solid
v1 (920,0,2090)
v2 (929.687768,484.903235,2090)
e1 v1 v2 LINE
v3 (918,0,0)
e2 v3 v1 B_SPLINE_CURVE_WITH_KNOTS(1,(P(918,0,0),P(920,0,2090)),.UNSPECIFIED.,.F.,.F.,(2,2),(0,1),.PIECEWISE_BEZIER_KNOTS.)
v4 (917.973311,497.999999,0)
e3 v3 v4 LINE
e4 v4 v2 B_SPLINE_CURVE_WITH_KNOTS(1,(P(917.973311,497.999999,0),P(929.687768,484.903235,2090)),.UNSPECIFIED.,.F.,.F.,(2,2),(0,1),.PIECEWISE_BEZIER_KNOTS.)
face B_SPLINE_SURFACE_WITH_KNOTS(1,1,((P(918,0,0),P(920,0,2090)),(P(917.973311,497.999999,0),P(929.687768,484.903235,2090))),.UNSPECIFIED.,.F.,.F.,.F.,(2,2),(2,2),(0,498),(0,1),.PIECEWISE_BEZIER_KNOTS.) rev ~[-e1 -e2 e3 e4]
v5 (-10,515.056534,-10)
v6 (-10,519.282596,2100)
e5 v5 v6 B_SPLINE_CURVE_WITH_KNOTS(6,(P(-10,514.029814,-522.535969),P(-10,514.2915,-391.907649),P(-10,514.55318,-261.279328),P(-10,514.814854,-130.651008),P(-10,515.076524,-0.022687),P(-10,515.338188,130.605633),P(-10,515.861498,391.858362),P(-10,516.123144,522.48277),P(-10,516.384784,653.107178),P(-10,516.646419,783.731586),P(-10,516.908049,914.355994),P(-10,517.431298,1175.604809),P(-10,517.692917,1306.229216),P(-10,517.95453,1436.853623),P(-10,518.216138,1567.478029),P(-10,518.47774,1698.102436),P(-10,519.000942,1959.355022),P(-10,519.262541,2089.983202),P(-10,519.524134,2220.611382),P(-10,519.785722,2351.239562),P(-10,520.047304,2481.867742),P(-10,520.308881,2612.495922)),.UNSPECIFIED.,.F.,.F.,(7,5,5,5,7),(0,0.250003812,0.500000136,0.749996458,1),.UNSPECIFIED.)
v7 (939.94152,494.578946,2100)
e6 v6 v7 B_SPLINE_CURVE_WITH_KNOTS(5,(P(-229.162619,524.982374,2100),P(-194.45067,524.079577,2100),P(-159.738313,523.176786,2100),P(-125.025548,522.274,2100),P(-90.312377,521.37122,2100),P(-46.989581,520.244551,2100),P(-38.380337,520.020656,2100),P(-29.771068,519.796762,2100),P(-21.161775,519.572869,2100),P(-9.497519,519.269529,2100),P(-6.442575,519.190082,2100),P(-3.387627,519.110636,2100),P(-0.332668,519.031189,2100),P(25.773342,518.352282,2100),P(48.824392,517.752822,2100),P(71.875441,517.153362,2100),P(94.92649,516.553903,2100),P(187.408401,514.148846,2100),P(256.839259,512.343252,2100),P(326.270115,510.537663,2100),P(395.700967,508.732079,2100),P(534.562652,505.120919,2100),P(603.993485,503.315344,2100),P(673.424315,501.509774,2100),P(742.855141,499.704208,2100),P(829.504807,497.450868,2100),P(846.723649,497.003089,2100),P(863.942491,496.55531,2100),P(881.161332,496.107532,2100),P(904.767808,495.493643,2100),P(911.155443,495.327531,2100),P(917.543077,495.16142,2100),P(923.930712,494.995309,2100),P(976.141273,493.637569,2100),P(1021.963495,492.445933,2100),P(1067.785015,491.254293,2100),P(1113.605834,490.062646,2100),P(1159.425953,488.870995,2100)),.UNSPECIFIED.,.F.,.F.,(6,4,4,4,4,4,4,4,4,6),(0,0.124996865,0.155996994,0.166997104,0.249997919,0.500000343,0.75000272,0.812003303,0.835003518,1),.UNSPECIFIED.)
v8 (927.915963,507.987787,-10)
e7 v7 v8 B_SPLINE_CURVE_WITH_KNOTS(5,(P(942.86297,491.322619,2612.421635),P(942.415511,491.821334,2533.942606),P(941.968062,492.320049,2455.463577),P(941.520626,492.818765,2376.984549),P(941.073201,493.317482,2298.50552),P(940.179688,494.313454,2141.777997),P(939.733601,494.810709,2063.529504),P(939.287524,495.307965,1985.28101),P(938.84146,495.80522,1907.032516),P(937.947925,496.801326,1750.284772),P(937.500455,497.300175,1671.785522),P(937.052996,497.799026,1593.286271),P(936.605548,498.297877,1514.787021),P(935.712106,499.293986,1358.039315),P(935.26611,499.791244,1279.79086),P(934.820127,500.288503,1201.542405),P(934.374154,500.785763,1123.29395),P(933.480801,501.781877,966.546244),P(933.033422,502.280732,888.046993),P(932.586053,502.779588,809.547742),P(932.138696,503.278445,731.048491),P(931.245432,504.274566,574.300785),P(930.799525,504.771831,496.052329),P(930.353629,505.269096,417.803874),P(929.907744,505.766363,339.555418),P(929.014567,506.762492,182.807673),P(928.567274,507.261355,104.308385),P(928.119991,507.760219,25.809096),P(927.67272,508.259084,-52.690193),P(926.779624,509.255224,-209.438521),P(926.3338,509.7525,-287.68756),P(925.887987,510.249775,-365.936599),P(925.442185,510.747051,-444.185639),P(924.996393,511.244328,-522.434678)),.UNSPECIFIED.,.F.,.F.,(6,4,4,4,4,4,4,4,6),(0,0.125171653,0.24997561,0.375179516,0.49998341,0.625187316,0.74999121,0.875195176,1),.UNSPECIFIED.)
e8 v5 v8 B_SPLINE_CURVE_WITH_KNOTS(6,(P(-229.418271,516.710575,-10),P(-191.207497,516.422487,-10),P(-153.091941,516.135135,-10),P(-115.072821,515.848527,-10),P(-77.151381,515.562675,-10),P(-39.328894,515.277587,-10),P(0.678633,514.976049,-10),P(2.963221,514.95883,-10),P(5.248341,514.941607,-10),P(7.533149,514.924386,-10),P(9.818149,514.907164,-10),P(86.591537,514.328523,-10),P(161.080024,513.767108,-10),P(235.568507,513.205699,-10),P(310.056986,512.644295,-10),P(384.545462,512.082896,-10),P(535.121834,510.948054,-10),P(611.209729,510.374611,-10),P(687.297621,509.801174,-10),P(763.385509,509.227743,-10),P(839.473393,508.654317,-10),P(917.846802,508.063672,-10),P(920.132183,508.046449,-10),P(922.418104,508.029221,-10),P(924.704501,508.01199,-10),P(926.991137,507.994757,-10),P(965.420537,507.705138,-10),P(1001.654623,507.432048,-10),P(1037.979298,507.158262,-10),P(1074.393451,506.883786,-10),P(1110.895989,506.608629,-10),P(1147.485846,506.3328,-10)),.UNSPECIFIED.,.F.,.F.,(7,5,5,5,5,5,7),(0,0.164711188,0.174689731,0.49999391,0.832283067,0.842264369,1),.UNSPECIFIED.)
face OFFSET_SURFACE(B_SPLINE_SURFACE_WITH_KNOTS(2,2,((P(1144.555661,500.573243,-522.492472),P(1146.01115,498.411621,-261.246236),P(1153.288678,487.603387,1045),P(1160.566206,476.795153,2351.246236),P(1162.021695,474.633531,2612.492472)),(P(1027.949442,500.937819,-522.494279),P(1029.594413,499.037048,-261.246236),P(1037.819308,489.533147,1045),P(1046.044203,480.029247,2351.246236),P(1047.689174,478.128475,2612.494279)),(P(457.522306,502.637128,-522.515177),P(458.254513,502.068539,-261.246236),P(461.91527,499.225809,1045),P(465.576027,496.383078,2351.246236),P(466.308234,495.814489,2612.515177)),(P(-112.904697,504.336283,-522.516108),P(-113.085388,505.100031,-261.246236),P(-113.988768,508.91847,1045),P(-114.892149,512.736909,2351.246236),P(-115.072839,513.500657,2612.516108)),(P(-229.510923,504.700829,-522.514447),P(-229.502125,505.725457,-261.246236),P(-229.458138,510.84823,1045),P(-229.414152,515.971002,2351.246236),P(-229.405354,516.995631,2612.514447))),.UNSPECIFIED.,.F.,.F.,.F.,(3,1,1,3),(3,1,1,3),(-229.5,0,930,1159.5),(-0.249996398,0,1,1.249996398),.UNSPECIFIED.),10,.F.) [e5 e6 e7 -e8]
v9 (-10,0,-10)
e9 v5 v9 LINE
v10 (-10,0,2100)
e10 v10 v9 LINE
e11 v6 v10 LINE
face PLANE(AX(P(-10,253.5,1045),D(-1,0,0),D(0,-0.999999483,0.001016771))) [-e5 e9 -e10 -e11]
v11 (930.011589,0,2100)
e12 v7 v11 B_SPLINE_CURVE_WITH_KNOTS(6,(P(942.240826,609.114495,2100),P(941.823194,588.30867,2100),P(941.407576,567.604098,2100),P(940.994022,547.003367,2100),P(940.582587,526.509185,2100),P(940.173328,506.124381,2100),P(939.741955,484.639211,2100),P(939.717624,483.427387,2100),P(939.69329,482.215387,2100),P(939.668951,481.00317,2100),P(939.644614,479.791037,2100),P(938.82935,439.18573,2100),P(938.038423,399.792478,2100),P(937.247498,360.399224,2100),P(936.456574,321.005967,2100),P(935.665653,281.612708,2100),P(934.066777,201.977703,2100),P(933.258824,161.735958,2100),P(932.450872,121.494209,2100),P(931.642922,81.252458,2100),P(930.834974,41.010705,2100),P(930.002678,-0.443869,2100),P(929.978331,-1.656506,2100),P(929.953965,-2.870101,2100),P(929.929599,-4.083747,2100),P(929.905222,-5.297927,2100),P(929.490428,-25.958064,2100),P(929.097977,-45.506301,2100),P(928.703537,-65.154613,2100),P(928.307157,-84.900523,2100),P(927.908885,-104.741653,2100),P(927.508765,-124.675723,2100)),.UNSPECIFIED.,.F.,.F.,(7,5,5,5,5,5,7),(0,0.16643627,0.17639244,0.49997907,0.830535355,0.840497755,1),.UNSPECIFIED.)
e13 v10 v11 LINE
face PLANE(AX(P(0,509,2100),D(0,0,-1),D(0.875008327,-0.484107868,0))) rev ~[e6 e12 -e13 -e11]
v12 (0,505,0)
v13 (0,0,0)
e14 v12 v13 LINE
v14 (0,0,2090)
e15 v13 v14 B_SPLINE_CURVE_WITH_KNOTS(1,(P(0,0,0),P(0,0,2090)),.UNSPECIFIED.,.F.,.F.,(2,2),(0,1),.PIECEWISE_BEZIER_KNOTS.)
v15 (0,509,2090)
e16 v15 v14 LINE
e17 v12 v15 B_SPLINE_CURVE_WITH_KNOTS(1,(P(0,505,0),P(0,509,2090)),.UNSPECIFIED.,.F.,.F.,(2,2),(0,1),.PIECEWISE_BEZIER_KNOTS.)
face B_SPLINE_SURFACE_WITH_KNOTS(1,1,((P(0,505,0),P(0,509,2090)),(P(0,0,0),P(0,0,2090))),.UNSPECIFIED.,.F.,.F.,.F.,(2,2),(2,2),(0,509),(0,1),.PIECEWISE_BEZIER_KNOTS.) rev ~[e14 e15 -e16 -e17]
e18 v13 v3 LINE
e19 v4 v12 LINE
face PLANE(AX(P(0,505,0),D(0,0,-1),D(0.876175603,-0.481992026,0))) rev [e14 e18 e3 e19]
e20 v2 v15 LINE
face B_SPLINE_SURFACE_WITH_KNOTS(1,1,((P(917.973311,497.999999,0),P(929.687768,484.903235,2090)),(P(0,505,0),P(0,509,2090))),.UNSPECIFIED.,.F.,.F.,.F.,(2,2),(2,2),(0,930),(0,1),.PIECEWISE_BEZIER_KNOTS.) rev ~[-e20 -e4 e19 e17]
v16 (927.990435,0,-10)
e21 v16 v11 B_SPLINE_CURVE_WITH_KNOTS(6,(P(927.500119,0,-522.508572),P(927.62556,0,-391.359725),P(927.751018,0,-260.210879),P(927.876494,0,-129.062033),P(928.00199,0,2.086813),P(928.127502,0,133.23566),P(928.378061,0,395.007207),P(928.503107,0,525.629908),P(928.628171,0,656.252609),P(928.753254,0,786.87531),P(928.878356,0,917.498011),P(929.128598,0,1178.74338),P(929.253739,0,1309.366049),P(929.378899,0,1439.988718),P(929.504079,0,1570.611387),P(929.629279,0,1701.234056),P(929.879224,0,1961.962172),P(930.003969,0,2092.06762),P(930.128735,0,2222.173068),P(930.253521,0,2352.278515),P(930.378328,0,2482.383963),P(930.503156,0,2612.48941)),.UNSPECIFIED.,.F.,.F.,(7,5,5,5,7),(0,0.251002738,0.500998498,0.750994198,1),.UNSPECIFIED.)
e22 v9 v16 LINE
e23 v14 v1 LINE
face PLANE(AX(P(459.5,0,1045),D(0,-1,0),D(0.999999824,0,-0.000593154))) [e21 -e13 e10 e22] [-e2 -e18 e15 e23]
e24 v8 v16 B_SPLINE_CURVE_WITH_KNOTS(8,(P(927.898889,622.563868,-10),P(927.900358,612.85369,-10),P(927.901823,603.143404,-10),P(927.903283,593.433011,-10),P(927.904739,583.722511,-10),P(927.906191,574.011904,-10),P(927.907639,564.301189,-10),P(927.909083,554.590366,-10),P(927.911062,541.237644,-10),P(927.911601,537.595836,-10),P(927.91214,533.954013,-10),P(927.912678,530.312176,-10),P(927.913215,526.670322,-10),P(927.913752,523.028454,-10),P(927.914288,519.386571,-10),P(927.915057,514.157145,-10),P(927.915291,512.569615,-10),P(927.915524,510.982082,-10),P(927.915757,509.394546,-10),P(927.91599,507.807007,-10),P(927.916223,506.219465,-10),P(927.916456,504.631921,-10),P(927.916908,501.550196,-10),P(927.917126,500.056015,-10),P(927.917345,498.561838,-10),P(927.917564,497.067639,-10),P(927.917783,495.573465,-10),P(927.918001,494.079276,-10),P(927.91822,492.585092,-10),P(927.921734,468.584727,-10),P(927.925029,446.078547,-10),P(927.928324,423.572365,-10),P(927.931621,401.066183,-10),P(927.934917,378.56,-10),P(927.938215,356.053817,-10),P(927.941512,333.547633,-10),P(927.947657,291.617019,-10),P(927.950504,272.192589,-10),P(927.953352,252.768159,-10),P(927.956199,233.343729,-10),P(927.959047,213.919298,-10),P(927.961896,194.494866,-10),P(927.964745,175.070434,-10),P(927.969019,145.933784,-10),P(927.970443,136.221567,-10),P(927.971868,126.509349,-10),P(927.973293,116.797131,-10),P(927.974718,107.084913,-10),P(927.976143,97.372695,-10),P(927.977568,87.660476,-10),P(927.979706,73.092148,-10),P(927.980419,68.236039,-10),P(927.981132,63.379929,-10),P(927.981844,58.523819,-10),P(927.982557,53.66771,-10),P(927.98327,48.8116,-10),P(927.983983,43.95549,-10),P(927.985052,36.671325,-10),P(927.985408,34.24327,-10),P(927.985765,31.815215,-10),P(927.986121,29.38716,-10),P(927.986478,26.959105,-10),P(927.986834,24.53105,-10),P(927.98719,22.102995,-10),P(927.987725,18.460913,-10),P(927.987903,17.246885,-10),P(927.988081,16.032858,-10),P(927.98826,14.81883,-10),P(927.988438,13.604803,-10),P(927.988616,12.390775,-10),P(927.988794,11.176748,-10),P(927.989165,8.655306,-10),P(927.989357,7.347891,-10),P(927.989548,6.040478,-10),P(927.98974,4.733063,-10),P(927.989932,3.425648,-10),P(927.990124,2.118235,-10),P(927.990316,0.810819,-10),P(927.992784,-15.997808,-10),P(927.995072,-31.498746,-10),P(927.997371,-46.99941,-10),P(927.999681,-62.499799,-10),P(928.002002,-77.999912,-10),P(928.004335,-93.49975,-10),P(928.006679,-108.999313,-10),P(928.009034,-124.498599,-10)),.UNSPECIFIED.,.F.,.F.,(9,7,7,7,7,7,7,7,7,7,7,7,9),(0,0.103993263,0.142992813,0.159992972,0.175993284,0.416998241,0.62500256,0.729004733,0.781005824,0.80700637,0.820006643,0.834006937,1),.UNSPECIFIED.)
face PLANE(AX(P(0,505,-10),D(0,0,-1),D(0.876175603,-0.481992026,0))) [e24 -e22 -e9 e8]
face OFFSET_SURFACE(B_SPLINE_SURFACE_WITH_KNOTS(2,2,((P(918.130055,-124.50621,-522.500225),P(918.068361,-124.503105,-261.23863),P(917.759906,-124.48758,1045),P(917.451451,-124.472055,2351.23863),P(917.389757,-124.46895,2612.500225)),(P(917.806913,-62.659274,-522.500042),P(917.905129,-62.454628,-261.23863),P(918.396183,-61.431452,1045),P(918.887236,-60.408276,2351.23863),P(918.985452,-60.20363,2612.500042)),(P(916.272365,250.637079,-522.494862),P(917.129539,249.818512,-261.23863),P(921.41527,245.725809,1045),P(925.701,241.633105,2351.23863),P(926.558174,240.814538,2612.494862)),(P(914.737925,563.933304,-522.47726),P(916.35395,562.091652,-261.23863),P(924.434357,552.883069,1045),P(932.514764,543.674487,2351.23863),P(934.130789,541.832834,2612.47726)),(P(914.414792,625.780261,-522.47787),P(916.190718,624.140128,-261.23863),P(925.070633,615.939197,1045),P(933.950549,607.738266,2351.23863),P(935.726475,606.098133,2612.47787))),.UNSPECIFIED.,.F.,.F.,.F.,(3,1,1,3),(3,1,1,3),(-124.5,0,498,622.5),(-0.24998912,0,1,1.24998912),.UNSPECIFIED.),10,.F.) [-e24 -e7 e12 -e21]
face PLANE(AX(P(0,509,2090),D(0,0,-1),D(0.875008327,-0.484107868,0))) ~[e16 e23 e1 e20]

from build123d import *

# Parameters (mm, degrees)
F4_T = 10


with BuildPart() as f3:
    # F0 (on Top) → F3 section 0
    with BuildSketch(Plane.XY):
        Polygon((0, 505), (0, 0), (918, 0), (917.9733111534, 497.9999992848), align=None)
    # F2 (on offset) → F3 section 1
    with BuildSketch(Plane.XY.offset(2090)):
        Polygon((0, 509), (0, 0), (920, 0), (929.6877679676, 484.9032348333), align=None)
    loft()

    # F4
    f4_openings = [f3.faces().sort_by_distance(p)[0] for p in [
        (459.500181, 0, 1045.379035),
    ]]
    offset(amount=F4_T, openings=f4_openings, kind=Kind.INTERSECTION)


solid = f3.part
